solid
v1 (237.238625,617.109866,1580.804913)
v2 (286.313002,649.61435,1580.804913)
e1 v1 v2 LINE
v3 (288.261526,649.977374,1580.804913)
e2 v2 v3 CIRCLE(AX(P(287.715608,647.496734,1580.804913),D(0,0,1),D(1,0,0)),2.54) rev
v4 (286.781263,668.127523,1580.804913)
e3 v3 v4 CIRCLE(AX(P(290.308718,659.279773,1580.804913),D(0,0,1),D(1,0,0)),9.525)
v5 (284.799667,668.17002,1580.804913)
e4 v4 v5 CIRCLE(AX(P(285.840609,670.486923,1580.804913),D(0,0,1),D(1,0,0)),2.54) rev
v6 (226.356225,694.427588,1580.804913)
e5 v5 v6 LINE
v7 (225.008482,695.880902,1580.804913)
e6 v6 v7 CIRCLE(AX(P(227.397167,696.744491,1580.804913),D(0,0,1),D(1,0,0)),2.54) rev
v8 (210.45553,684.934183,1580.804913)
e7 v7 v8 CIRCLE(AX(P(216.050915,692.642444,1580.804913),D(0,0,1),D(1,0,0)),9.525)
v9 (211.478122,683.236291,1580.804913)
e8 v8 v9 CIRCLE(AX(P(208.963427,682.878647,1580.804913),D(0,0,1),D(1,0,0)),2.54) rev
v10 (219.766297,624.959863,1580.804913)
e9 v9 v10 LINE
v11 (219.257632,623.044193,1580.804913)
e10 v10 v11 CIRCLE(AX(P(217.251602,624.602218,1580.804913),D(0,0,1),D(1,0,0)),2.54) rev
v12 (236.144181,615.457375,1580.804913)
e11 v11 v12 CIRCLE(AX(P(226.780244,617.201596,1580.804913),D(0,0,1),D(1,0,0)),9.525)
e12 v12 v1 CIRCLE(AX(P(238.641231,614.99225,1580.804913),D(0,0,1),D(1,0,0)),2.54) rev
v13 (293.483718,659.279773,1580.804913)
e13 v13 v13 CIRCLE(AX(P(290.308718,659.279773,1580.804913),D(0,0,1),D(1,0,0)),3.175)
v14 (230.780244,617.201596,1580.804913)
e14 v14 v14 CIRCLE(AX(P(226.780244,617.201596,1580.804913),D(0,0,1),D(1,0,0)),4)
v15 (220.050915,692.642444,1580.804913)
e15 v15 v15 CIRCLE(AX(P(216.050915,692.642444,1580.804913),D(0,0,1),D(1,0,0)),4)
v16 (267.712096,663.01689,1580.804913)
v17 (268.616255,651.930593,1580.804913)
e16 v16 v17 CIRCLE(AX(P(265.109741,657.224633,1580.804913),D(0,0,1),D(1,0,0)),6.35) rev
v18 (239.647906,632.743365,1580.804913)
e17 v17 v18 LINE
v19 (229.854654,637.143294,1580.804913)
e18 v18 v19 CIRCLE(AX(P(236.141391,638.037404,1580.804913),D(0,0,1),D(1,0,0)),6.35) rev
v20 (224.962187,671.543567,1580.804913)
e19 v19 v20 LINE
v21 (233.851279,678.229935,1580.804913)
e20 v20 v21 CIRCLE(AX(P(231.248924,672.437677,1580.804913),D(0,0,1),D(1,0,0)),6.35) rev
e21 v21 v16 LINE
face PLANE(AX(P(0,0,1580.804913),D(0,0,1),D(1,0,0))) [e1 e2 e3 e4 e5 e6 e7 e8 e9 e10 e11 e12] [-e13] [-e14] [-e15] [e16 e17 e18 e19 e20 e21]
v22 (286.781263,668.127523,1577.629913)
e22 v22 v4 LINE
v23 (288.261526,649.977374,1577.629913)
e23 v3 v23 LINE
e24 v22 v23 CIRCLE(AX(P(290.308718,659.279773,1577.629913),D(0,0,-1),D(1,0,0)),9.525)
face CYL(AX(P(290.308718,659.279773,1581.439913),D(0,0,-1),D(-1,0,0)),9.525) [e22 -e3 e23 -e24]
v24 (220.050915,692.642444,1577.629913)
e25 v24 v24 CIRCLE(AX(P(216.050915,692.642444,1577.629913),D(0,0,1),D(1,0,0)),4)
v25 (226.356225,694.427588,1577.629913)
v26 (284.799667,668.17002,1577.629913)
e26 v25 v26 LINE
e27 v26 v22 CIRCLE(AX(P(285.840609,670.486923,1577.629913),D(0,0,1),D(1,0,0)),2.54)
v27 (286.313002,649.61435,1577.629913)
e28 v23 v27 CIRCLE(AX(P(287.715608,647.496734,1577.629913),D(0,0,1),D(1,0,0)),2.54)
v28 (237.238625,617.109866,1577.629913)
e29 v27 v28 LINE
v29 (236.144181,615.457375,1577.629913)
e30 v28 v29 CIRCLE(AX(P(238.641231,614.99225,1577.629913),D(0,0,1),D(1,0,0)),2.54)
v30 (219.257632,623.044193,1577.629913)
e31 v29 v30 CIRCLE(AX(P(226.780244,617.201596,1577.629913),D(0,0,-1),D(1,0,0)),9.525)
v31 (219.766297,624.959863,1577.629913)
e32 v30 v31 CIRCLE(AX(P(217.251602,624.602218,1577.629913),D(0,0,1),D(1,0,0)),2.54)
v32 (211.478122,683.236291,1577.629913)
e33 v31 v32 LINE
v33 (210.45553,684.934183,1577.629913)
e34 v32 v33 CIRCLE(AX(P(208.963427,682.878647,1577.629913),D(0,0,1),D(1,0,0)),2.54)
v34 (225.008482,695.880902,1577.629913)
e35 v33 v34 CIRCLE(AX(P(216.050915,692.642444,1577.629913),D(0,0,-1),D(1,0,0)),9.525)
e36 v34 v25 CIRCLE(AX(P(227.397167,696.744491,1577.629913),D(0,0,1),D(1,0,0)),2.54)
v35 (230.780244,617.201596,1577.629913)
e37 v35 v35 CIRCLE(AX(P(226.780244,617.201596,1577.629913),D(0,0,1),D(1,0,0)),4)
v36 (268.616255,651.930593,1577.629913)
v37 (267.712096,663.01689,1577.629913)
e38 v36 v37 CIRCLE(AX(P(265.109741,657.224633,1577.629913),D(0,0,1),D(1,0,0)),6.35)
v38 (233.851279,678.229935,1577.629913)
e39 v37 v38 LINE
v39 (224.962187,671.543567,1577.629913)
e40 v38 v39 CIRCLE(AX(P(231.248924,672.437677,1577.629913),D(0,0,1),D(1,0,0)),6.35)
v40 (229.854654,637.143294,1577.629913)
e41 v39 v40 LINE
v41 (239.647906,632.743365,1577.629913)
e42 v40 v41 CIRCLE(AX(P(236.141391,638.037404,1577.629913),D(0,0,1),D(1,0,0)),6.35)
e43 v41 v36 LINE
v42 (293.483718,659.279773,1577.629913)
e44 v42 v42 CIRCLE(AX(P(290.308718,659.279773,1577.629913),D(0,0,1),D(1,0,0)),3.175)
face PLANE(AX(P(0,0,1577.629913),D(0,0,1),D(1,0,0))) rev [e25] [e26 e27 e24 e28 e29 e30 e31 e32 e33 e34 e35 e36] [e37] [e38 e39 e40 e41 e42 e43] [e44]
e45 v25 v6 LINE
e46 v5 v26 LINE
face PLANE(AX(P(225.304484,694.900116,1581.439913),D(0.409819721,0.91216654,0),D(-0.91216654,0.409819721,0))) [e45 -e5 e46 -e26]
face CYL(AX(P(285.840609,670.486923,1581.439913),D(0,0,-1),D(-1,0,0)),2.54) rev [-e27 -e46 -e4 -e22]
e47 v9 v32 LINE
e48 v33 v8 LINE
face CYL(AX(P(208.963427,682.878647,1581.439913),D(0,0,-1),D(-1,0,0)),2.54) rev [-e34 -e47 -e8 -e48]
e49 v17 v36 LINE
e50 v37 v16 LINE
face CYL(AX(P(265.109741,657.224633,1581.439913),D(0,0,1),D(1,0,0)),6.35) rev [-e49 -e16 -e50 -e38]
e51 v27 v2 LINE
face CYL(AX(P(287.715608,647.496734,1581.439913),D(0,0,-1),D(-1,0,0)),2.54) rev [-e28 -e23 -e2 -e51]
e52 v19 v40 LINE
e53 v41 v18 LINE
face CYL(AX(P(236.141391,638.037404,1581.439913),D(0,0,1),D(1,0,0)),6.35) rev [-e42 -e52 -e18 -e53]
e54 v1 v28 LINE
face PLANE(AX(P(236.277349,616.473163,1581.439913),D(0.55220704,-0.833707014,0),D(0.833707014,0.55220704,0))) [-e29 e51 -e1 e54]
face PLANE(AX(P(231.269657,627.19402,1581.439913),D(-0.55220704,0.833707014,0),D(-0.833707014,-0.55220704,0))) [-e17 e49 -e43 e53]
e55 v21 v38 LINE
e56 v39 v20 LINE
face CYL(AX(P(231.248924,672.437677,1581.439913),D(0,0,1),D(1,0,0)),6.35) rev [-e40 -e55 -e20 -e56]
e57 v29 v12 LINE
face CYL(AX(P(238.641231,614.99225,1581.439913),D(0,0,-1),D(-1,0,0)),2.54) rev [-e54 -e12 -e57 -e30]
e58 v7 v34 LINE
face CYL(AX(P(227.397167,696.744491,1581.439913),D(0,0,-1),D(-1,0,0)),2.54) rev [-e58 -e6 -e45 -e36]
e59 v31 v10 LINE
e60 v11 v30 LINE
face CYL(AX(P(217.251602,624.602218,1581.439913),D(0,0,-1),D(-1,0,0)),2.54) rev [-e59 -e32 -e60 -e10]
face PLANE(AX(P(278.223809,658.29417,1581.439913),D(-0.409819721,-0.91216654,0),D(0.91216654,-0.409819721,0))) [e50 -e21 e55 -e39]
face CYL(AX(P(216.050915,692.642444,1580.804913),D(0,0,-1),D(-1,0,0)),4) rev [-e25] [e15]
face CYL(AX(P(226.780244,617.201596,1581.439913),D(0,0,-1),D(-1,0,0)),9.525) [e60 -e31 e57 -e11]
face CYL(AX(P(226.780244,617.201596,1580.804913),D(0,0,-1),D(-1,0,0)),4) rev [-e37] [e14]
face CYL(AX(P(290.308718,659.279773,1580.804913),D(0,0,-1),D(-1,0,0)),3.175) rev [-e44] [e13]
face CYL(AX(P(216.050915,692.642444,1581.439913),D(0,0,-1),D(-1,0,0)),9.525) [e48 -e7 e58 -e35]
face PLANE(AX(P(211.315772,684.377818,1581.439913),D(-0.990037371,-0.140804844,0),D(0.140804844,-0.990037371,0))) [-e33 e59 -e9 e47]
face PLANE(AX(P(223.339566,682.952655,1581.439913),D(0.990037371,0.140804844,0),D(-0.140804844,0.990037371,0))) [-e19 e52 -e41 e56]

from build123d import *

# Parameters (mm, degrees)
BOSS_EXTRUDE1_DEPTH  = 3.175
SKETCH1_4_R          = 4
SKETCH1_4_R_2        = 3.175
HOLES_DEPTH          = 3.175
SKETCH5_OUTSIDE_W    = 151.471
SKETCH5_OUTSIDE_H    = 153.323
OUTSIDEEXTRUDE_DEPTH = 3.81
INNERTRIANGLE_DEPTH  = 3.81
FILLET2_R            = 6.35
FILLET3_R            = 2.54


with BuildPart() as part:
    # Sketch1 → Boss-Extrude1 (new body)
    with BuildSketch(Plane.XY.offset(1577.629912845)):
        Polygon((200.232199361, 713.672399287), (217.036775663, 595.514826781), (316.536854979, 661.418847479), align=None)
    extrude(amount=BOSS_EXTRUDE1_DEPTH)

    # Sketch1<4> → Holes (cut)
    with BuildSketch(Plane.XY.offset(1577.629912845)):
        with Locations((216.050914922, 692.642443937)):
            Circle(SKETCH1_4_R)
        with Locations((290.308718483, 659.279772728)):
            Circle(SKETCH1_4_R_2)
        with Locations((226.780244033, 617.20159627)):
            Circle(SKETCH1_4_R)
    extrude(amount=HOLES_DEPTH, mode=Mode.SUBTRACT)

    # Sketch5 outside → OutsideExtrude (cut)
    with BuildSketch(Plane(origin=(0, 0, 1577.629912845), x_dir=(-1, 0, 0), z_dir=(0, 0, -1))):
        with Locations((-258.3845, 654.5935)):
            Rectangle(SKETCH5_OUTSIDE_W, SKETCH5_OUTSIDE_H)
        with BuildLine():
            Line((-211.315771723, 684.377817887), (-219.928647009, 623.818335891))
            ThreePointArc((-219.928647009, 623.818335891), (-222.876711188, 608.51320998), (-236.277349403, 616.473163308))
            Line((-236.277349403, 616.473163308), (-287.274277772, 650.251052189))
            ThreePointArc((-287.274277772, 650.251052189), (-299.802198055, 660.0540276), (-285.851407356, 667.697492284))
            Line((-285.851407356, 667.697492284), (-225.304484054, 694.900116089))
            ThreePointArc((-225.304484054, 694.900116089), (-210.325206852, 700.25440111), (-211.315771723, 684.377817887))
        make_face(mode=Mode.SUBTRACT)
    extrude(amount=-OUTSIDEEXTRUDE_DEPTH, mode=Mode.SUBTRACT)

    # Sketch6 → InnerTriangle (cut)
    with BuildSketch(Plane(origin=(0, 0, 1577.629912845), x_dir=(-1, 0, 0), z_dir=(0, 0, -1))):
        Polygon((-223.339566396, 682.952655016), (-231.269656883, 627.194019699), (-278.223809028, 658.294169931), align=None)
    extrude(amount=-INNERTRIANGLE_DEPTH, mode=Mode.SUBTRACT)

    # Fillet2
    fillet2_edges = [part.edges().sort_by_distance(p)[0] for p in [
        (278.223809028, 658.294169931, 1579.217412845),
        (223.339566396, 682.952655016, 1579.217412845),
        (231.269656883, 627.194019699, 1579.217412845),
    ]]
    fillet(fillet2_edges, radius=FILLET2_R)

    # Fillet3
    fillet3_edges = [part.edges().sort_by_distance(p)[0] for p in [
        (211.315771723, 684.377817887, 1579.217412845),
        (219.928647009, 623.818335891, 1579.217412845),
        (236.277349403, 616.473163308, 1579.217412845),
        (287.274277772, 650.251052189, 1579.217412845),
        (285.851407356, 667.697492284, 1579.217412845),
        (225.304484054, 694.900116089, 1579.217412845),
    ]]
    fillet(fillet3_edges, radius=FILLET3_R)


solid = part.part
